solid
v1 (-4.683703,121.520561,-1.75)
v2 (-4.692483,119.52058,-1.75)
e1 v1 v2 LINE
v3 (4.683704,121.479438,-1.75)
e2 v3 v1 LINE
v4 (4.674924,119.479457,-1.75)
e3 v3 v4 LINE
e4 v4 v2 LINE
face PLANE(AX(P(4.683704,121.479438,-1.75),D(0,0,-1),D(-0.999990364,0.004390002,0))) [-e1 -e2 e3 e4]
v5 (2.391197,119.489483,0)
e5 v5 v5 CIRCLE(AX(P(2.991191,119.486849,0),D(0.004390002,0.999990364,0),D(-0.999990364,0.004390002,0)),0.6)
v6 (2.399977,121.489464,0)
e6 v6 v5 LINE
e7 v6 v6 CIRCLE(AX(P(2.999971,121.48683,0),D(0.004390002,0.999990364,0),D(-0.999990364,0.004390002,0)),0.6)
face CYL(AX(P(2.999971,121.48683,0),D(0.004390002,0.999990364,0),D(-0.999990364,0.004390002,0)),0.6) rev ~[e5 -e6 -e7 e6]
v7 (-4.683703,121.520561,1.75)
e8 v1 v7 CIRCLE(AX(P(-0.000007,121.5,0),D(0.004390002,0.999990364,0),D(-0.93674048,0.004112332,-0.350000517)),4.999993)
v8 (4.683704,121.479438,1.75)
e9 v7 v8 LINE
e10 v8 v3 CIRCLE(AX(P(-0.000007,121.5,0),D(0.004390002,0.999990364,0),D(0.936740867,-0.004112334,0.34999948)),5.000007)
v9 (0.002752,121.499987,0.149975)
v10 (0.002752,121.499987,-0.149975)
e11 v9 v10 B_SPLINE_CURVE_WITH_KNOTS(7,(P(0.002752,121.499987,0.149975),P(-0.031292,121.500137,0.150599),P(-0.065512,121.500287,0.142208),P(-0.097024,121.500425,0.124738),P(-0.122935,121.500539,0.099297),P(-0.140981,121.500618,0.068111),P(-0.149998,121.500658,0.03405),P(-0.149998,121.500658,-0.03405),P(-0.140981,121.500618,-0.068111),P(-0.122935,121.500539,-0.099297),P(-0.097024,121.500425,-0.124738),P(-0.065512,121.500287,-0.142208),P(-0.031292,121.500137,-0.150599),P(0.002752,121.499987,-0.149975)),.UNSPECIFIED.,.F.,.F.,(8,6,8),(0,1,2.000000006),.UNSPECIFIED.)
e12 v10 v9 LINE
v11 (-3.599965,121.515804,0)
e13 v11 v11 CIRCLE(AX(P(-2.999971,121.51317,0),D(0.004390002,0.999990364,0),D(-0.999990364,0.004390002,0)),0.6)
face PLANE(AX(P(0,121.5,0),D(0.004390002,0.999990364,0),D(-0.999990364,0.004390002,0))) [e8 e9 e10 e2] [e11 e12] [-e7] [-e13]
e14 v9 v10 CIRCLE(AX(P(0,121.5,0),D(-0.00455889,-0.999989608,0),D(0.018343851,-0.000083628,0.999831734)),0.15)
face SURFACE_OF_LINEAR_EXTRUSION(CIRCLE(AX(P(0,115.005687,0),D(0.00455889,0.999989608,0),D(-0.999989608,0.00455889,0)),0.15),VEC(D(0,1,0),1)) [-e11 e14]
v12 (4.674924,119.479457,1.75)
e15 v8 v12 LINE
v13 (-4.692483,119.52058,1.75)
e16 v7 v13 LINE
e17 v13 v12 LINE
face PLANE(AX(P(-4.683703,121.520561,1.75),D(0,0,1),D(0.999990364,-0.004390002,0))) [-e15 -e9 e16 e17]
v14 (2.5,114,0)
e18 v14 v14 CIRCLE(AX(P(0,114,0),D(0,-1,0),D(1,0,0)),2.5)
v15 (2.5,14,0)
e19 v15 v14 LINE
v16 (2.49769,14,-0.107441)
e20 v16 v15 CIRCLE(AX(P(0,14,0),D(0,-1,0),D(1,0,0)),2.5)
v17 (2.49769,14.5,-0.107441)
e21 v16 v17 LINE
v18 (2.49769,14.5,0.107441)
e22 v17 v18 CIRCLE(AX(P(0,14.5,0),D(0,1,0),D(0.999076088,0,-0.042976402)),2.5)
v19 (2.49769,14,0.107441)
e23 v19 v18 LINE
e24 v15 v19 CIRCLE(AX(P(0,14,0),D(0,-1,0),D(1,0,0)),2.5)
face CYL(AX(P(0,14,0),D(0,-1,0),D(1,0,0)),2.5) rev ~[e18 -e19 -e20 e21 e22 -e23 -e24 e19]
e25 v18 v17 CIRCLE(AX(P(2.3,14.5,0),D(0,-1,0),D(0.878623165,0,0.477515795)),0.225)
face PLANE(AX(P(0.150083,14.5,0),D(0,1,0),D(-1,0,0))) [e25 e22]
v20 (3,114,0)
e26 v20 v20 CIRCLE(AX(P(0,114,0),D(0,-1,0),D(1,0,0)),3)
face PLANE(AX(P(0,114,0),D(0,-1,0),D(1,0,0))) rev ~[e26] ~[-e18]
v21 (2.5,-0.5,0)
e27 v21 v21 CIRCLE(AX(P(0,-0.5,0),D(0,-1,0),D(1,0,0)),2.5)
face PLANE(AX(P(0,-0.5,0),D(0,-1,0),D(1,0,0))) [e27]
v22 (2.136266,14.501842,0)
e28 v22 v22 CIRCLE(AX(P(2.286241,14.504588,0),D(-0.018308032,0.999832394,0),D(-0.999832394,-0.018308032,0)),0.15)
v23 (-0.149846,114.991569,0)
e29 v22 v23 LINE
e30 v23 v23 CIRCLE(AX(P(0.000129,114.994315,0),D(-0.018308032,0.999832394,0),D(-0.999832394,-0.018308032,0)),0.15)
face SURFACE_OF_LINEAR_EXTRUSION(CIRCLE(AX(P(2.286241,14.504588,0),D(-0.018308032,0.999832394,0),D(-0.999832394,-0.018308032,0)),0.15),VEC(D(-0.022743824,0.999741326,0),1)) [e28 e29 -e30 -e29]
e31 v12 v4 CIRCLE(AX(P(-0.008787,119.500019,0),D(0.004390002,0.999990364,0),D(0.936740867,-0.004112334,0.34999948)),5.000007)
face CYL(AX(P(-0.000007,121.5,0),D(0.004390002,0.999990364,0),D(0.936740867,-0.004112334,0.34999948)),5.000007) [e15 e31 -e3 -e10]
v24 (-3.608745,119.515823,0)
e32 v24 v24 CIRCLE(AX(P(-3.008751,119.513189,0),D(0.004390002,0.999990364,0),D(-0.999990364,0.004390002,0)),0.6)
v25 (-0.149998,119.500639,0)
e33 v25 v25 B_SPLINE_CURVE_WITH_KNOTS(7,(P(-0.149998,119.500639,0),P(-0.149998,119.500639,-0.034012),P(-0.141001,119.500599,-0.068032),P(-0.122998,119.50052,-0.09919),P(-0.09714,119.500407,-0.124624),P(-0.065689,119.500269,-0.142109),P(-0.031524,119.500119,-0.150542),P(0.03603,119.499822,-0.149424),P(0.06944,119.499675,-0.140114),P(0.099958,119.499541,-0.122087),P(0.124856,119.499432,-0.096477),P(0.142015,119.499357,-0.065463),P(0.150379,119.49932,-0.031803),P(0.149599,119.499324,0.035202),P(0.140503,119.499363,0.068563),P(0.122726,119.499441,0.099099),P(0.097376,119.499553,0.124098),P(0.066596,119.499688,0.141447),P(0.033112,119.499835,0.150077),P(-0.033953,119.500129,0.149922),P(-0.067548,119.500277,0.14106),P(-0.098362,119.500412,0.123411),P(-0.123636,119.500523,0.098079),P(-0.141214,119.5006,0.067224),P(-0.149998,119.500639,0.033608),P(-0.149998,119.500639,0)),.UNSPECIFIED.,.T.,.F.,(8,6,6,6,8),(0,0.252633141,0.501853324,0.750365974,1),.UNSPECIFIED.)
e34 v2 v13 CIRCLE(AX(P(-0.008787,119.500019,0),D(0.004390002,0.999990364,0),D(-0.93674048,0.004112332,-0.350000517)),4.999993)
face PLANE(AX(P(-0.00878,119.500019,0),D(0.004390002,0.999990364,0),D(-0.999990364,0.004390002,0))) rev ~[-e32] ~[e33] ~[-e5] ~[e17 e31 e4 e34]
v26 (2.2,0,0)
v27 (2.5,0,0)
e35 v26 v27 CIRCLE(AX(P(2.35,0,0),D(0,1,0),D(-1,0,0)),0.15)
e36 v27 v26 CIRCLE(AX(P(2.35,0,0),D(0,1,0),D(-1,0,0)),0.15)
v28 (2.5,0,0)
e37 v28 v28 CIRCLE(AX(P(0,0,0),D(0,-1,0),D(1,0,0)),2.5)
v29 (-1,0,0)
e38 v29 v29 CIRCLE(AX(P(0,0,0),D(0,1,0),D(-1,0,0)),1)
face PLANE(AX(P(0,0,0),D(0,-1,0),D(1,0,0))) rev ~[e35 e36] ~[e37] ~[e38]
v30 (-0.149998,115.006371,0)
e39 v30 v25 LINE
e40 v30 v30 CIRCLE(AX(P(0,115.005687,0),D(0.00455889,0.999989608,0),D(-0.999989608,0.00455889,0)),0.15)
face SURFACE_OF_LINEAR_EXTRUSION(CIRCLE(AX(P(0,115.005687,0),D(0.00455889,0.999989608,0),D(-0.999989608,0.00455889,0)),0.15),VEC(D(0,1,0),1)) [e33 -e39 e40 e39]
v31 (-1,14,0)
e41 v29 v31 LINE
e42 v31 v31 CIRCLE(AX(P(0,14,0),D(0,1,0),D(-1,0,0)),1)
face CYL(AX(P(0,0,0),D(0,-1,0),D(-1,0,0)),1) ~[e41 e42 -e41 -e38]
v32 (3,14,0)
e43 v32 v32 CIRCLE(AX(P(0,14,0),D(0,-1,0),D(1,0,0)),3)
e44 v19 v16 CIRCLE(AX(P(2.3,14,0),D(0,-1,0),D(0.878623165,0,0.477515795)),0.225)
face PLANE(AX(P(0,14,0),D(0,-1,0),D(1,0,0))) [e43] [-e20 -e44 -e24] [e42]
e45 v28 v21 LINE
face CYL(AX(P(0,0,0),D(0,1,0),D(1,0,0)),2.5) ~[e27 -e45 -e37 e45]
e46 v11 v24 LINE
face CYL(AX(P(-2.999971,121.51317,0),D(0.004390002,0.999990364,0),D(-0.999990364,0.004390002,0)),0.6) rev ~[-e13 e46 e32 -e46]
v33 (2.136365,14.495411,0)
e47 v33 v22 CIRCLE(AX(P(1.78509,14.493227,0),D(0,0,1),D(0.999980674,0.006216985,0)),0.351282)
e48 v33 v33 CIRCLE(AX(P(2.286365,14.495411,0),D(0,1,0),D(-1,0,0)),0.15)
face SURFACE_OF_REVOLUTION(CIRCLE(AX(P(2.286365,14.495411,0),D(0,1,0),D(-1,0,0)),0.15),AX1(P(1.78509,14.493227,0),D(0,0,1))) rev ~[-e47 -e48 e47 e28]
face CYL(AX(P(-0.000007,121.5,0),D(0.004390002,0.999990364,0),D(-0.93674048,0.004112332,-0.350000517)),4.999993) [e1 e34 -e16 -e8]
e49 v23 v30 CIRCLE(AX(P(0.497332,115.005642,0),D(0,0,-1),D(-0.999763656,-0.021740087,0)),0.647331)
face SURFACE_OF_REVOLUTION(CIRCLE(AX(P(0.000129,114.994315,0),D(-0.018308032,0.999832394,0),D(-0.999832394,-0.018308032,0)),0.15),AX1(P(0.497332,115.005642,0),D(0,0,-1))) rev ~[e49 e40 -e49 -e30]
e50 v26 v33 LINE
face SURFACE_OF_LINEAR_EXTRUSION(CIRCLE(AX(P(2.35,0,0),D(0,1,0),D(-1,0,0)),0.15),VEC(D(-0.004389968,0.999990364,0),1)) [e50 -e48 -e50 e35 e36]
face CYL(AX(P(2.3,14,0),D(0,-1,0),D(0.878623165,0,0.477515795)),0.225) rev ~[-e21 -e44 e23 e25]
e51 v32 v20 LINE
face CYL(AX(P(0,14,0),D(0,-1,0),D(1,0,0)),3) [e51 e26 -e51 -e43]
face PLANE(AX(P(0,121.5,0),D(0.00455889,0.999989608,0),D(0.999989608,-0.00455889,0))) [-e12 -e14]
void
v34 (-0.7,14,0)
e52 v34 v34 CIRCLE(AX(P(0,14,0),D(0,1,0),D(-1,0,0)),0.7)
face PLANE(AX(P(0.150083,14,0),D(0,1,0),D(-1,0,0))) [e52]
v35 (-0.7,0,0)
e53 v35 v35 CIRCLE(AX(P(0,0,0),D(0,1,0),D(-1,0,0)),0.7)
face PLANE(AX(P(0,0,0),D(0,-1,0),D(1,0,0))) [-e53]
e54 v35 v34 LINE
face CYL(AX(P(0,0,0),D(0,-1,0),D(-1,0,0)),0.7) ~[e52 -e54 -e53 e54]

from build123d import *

# Parameters (mm, degrees)
F0_R      = 2.5
F1_DEPTH  = 0.5
F2_R      = 1
F2_R_2    = 0.7
F3_DEPTH  = 14
F5_DEPTH  = 0.5
F6_R      = 0.15
F7_R      = 3
F7_R_2    = 2.5
F10_DEPTH = 100
F11_R     = 0.6
F12_DEPTH = 2


with BuildPart() as f1:
    # F0 (on Front) → F1 (new body)
    with BuildSketch(Plane.XZ):
        Circle(F0_R)
    extrude(amount=F1_DEPTH)

    # F2 (on face) → F3 (join)
    with BuildSketch(Plane(origin=(0, 0, 0), x_dir=(-1, 0, 0), z_dir=(0, 1, 0))):
        Circle(F2_R)
        Circle(F2_R_2, mode=Mode.SUBTRACT)
    extrude(amount=F3_DEPTH)

    # F4 (on face) → F5 (join)
    with BuildSketch(Plane(origin=(0, 14, 0), x_dir=(-1, 0, 0), z_dir=(0, 1, 0))):
        with BuildLine():
            ThreePointArc((-2.49769, 0.107441), (-2.075, 0), (-2.49769, -0.107441))
            ThreePointArc((-2.49769, -0.107441), (2.5, 0), (-2.49769, 0.107441))
        make_face()
    extrude(amount=F5_DEPTH)

    # F9: sweep along a path in F8
    with BuildLine(Plane.XY) as f9_path:
        Line((2.35, 0), (2.286365, 14.495411))
        ThreePointArc((2.286365, 14.495411), (2.286324, 14.5), (2.286241, 14.504588))
        Line((2.286241, 14.504588), (0.000129, 114.994315))
        ThreePointArc((0.000129, 114.994315), (3.2e-05, 115), (0, 115.005687))
        Line((0, 115.005687), (0, 121.5))
    # F6 (on face) → F9 (sweep)
    with BuildSketch(Plane(origin=(0, 0, 0), x_dir=(-1, 0, 0), z_dir=(0, 1, 0))):
        with Locations((-2.35, 0)):
            Circle(F6_R)
    sweep(path=f9_path.line)

    # F7 (on face) → F10 (join)
    with BuildSketch(Plane.XZ.offset(-14)):
        Circle(F7_R)
        Circle(F7_R_2, mode=Mode.SUBTRACT)
    extrude(amount=-F10_DEPTH)

    # F11 (on face) → F12 (join)
    with BuildSketch(Plane(origin=(0.533374, 121.497658, 0), x_dir=(-0.99999, 0.00439, 0), z_dir=(0.00439, 0.99999, 0))):
        with BuildLine():
            Line((5.217127, 1.75), (-4.15037, 1.75))
            ThreePointArc((-4.15037, 1.75), (-4.466621, 0), (-4.15037, -1.75))
            Line((-4.15037, -1.75), (5.217127, -1.75))
            ThreePointArc((5.217127, -1.75), (5.533379, 0), (5.217127, 1.75))
        make_face()
        with Locations((-2.466621, 0)):
            Circle(F11_R, mode=Mode.SUBTRACT)
        with Locations((3.533379, 0)):
            Circle(F11_R, mode=Mode.SUBTRACT)
    extrude(amount=-F12_DEPTH)


solid = f1.part
